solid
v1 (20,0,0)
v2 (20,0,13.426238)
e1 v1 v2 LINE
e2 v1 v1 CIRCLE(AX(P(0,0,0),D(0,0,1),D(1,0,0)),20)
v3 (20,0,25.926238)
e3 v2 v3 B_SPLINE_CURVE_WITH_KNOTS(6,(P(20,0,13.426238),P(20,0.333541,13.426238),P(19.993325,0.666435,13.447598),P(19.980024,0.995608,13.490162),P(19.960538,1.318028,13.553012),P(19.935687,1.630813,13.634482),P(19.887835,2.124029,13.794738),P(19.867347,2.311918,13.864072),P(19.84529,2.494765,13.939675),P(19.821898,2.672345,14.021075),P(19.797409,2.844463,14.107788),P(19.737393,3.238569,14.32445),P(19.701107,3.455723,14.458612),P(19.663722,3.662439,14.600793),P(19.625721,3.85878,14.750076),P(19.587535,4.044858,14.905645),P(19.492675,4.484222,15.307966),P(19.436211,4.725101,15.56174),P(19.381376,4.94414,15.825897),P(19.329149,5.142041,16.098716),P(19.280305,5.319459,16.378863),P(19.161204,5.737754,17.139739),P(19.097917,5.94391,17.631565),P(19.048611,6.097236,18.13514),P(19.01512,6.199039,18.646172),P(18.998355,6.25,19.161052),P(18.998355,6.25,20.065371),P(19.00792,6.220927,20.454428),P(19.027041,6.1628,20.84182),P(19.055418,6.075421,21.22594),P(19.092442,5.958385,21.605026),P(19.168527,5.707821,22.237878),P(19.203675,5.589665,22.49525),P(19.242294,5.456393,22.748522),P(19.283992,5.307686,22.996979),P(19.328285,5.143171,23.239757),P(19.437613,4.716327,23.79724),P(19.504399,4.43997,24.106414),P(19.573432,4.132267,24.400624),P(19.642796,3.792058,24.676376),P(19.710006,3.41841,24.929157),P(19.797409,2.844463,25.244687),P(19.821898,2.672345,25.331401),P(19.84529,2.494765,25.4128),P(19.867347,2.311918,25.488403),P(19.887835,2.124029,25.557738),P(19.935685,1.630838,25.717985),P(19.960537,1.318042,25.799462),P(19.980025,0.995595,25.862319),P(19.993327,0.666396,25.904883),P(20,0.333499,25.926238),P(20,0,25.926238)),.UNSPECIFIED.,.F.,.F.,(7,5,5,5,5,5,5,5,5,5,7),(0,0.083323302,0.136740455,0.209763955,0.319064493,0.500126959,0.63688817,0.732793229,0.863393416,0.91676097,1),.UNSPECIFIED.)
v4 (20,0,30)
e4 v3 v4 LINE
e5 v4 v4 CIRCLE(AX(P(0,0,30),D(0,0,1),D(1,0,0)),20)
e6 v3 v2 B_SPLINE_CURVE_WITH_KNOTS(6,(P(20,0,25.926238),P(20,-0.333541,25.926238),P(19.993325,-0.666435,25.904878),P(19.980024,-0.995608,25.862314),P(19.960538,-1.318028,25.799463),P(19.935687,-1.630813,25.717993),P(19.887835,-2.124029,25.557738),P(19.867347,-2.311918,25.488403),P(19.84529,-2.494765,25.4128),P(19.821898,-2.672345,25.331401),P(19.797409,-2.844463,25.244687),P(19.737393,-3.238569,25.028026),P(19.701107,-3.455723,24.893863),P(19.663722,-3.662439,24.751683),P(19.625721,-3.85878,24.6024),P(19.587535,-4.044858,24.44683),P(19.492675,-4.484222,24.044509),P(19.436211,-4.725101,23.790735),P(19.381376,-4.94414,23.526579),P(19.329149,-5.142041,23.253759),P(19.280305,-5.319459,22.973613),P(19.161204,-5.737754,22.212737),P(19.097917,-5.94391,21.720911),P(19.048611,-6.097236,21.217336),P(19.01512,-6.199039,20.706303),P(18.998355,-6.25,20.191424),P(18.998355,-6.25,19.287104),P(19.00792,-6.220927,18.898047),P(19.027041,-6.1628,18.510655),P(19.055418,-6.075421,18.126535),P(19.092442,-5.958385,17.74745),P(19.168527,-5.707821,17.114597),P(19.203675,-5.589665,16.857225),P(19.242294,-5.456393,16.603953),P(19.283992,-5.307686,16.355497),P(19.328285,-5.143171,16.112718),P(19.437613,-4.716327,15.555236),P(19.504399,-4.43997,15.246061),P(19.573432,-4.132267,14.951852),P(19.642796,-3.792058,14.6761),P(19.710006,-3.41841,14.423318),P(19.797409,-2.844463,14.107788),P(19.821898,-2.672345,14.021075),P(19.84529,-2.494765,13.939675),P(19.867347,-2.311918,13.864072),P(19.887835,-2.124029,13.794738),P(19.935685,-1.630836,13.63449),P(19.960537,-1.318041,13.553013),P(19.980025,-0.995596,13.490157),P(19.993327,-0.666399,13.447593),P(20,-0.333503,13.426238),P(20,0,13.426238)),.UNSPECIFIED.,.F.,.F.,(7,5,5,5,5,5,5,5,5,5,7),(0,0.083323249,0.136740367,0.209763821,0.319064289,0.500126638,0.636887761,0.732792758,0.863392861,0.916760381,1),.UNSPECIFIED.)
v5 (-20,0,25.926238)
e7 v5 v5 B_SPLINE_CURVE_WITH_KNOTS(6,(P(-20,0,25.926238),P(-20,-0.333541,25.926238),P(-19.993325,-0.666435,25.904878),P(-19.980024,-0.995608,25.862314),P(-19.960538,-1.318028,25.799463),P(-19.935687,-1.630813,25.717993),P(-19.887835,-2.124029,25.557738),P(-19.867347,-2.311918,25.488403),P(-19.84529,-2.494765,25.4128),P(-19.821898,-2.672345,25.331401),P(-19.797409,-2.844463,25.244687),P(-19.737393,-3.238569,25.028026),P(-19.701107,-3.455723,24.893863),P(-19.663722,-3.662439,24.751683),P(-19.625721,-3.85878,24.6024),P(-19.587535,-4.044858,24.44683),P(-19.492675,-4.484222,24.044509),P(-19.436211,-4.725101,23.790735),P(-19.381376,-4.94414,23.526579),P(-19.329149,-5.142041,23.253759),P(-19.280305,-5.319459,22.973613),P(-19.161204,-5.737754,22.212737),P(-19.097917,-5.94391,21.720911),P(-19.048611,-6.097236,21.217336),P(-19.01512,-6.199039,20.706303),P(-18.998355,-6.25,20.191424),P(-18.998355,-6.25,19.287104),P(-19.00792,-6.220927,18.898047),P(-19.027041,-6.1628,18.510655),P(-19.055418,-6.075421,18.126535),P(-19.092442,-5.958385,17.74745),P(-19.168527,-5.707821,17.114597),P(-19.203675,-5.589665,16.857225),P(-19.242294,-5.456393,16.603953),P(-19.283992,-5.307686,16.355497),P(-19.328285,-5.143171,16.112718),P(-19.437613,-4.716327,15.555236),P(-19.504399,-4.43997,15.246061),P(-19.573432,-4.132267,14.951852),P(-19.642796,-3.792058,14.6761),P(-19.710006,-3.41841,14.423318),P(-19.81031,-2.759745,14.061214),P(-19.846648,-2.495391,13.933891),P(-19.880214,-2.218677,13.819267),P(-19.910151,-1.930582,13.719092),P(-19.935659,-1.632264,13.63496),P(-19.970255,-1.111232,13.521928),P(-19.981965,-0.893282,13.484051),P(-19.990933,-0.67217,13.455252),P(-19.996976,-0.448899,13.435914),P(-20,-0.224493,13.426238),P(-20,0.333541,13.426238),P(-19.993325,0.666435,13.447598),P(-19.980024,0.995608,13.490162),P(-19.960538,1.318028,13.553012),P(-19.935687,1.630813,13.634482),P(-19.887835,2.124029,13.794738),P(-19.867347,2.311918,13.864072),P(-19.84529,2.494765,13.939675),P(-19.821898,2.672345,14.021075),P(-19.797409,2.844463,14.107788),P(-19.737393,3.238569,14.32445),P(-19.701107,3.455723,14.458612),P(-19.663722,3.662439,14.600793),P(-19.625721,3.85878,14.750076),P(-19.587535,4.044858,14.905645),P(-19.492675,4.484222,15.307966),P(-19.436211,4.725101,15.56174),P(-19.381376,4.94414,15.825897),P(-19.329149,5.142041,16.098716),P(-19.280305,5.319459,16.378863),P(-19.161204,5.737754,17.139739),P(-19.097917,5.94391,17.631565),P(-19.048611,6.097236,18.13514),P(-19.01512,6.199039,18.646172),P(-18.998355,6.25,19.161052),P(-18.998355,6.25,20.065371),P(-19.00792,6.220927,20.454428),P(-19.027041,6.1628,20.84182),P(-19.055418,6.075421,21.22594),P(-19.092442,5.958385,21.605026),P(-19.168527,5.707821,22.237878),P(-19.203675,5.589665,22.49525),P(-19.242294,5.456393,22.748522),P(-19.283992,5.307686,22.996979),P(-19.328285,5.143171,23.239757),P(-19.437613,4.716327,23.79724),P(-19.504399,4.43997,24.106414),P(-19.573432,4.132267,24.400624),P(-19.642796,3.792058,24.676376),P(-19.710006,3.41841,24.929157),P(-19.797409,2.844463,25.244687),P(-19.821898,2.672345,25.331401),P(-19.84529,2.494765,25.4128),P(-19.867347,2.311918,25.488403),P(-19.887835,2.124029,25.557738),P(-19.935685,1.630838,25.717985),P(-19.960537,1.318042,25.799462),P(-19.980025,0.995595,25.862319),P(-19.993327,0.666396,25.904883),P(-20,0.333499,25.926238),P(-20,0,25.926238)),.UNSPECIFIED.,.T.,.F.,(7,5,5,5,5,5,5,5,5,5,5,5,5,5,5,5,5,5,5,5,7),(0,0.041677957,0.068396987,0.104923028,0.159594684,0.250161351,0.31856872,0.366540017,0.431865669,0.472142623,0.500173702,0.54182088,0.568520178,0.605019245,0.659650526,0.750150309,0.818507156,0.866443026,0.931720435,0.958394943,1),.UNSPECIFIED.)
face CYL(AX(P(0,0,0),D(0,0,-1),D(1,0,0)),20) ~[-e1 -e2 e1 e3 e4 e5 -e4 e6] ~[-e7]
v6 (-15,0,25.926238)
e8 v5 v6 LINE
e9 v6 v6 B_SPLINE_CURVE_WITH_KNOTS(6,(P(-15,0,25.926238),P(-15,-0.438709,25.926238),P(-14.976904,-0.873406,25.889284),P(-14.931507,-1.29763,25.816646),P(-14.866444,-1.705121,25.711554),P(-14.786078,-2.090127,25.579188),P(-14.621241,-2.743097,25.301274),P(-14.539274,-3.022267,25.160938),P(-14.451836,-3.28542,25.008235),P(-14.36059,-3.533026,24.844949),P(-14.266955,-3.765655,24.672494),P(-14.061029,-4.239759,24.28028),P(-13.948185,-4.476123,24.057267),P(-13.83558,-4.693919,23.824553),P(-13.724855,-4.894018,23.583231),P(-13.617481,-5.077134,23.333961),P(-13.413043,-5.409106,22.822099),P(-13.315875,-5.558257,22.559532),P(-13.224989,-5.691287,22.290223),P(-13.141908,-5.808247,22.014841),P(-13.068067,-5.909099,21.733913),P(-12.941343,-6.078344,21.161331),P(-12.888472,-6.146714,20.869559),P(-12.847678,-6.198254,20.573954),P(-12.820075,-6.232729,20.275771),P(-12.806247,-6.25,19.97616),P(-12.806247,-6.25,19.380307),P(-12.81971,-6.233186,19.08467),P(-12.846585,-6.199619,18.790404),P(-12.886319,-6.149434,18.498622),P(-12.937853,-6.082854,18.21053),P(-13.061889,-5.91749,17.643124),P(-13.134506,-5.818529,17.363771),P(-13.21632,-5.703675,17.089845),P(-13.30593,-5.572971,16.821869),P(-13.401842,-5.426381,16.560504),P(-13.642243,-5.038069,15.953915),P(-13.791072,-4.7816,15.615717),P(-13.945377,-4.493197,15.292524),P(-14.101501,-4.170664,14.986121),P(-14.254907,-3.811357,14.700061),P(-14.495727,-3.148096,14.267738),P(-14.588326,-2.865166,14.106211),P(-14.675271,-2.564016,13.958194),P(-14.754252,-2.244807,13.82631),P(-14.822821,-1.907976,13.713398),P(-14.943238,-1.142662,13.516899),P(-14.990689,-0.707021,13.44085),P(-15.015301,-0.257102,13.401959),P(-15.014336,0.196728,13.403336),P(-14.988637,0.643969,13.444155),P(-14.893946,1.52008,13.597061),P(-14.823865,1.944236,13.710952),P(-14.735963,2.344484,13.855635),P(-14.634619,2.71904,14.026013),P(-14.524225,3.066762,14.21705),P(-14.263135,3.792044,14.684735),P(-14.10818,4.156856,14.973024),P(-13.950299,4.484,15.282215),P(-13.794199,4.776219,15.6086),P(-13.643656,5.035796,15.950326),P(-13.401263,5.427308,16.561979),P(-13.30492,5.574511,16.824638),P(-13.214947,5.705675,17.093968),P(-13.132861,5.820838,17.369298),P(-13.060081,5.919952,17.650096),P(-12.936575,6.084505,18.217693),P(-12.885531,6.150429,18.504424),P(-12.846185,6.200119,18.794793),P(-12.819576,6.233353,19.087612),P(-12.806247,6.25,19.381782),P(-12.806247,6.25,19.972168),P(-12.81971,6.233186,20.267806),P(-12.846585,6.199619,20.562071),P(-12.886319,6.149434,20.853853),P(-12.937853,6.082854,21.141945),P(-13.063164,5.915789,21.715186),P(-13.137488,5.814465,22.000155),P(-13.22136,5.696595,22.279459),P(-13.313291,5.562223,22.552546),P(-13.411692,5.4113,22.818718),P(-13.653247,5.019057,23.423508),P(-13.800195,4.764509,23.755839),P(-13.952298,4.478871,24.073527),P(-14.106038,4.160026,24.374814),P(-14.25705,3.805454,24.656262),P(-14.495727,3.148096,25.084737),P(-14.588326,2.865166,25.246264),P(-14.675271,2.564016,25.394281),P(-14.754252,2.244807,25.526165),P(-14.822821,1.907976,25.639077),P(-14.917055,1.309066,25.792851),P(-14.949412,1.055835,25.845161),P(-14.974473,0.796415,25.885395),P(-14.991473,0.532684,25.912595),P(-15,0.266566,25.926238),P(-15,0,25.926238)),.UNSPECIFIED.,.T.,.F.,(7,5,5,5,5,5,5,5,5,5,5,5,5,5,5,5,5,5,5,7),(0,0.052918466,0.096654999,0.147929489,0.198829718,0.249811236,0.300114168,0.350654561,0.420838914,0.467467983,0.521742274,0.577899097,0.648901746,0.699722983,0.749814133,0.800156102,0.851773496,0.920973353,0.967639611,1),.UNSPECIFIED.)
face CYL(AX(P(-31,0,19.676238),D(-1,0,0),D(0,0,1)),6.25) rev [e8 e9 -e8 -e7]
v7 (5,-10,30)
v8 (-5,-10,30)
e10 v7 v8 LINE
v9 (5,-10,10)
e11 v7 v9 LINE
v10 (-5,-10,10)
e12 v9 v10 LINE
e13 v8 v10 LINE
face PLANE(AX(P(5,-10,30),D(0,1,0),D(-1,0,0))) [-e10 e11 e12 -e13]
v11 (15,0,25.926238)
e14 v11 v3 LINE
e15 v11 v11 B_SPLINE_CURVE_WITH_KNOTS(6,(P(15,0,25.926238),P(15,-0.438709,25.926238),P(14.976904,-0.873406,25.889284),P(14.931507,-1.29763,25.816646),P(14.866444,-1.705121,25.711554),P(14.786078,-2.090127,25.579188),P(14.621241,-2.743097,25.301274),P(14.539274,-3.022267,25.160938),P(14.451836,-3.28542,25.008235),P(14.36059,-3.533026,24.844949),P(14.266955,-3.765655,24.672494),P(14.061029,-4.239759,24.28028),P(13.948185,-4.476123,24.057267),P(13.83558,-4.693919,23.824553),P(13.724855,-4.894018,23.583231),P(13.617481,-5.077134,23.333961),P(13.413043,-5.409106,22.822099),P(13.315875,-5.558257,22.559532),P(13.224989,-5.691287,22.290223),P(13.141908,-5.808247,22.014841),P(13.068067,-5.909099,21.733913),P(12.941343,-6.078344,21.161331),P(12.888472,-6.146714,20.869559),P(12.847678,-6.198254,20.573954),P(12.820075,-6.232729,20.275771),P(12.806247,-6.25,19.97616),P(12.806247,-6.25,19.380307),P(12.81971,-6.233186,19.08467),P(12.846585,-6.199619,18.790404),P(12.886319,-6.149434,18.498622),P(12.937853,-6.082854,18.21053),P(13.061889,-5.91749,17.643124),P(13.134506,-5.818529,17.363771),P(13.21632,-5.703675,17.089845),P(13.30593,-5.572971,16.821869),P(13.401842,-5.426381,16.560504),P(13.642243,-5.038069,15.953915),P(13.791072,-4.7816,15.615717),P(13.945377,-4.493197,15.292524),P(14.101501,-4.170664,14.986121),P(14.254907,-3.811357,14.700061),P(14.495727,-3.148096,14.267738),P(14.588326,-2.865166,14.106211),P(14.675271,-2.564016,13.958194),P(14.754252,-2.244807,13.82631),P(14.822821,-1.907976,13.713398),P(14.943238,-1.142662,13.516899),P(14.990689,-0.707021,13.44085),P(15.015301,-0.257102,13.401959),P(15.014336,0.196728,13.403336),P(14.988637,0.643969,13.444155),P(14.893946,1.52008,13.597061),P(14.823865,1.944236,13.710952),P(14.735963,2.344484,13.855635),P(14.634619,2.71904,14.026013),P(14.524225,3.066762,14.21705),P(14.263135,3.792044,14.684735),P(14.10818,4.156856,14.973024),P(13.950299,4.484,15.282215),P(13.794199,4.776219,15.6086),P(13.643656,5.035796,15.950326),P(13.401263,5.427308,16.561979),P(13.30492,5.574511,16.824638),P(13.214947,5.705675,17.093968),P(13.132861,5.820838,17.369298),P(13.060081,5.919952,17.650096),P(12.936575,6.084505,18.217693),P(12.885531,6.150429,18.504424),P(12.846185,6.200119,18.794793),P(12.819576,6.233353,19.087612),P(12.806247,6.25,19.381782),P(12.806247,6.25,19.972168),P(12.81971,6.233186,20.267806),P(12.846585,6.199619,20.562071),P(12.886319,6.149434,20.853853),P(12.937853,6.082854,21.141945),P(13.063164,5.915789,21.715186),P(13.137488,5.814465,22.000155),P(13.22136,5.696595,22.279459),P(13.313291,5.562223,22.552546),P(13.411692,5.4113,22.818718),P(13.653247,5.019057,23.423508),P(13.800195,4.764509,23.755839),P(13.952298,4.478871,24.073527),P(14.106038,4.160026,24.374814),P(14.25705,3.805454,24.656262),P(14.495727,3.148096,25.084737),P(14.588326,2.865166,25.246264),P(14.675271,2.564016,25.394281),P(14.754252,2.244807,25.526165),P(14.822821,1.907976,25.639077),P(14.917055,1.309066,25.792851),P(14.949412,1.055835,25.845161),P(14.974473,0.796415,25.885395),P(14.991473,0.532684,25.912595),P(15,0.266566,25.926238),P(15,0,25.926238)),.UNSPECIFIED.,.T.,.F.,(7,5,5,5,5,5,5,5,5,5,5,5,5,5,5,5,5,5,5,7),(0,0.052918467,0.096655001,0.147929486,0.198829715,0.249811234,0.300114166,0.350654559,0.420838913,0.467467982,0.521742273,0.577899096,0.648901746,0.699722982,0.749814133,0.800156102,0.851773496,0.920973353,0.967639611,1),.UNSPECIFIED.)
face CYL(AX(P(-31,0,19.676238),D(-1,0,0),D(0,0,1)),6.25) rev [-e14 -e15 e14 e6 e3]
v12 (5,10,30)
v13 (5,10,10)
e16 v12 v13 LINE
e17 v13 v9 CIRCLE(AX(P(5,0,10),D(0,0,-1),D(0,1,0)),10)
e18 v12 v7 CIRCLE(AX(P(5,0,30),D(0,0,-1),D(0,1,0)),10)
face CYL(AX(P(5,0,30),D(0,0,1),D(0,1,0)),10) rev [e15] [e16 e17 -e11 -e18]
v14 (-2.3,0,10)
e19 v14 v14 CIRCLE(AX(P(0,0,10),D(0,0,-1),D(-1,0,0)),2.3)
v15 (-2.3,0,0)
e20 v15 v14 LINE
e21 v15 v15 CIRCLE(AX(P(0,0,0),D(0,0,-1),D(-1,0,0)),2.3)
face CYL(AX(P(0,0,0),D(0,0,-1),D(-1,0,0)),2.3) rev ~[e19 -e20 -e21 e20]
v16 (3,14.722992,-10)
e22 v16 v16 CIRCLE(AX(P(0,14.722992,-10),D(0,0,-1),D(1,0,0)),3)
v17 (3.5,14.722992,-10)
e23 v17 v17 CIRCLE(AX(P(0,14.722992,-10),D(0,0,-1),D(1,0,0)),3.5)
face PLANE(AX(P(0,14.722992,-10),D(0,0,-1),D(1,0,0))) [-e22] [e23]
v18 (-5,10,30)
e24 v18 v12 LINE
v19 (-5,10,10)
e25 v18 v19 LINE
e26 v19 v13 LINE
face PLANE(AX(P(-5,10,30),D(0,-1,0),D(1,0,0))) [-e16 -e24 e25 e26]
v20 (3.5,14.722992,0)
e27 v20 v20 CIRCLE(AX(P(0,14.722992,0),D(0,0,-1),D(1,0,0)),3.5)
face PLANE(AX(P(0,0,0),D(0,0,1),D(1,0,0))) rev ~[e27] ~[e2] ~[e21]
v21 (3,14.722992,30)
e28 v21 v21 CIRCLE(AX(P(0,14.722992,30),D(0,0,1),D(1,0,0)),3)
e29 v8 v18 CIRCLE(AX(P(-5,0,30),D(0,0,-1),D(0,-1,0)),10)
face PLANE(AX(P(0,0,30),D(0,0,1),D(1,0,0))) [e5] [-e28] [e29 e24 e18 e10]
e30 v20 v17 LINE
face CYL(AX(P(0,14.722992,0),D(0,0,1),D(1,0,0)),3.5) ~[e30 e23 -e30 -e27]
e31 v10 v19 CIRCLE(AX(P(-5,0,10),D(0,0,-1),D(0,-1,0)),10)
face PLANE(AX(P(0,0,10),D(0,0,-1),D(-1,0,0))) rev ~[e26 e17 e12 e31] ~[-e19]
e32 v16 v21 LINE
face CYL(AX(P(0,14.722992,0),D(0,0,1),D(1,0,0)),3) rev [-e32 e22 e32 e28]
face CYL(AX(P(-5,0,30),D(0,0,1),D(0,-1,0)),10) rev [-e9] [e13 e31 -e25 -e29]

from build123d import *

# Parameters (mm, degrees)
SKETCH1_R               = 20
BOSS_EXTRUDE1_DEPTH     = 30
CUT_EXTRUDE1_DEPTH      = 20
SKETCH3_R               = 3
CUT_EXTRUDE2_DEPTH      = 35
CUT_EXTRUDE3_DEPTH      = 28
CUT_EXTRUDE3_DEPTH_BACK = 31
SKETCH4_R               = 6.25
SKETCH5_R               = 2.3
CUT_EXTRUDE4_DEPTH      = 30
SKETCH9_R               = 3.5
BOSS_EXTRUDE4_DEPTH     = 10
CUT_EXTRUDE6_START      = -10
SKETCH11_R              = 3
CUT_EXTRUDE6_DEPTH      = 10


with BuildPart() as part:
    # Sketch1 → Boss-Extrude1 (new body)
    with BuildSketch(Plane.XY):
        Circle(SKETCH1_R)
    extrude(amount=BOSS_EXTRUDE1_DEPTH)

    # Sketch2 → Cut-Extrude1 (cut)
    with BuildSketch(Plane.XY.offset(30)):
        with BuildLine():
            Line((-5, 10), (5, 10))
            ThreePointArc((5, 10), (15, 0), (5, -10))
            Line((5, -10), (-5, -10))
            ThreePointArc((-5, -10), (-15, 0), (-5, 10))
        make_face()
    extrude(amount=-CUT_EXTRUDE1_DEPTH, mode=Mode.SUBTRACT)

    # Sketch3 → Cut-Extrude2 (cut)
    with BuildSketch(Plane.XY.offset(30)):
        with Locations((0, 14.722991755)):
            Circle(SKETCH3_R)
    extrude(amount=-CUT_EXTRUDE2_DEPTH, mode=Mode.SUBTRACT)

    # Sketch4 → Cut-Extrude3 (cut, two sides: drawn at the far end of the back side and taken through both)
    with BuildSketch(Plane(origin=(0, 0, 0), x_dir=(0, 0, -1), z_dir=(1, 0, 0)).offset(-CUT_EXTRUDE3_DEPTH_BACK)):
        with Locations(Location((-19.676237733, 0, 0), (0, 0, 180))):
            Circle(SKETCH4_R)
    extrude(amount=CUT_EXTRUDE3_DEPTH + CUT_EXTRUDE3_DEPTH_BACK, mode=Mode.SUBTRACT)

    # Sketch5 → Cut-Extrude4 (cut)
    with BuildSketch(Plane(origin=(0, 0, 0), x_dir=(-1, 0, 0), z_dir=(0, 0, -1))):
        Circle(SKETCH5_R)
    extrude(amount=-CUT_EXTRUDE4_DEPTH, mode=Mode.SUBTRACT)

    # Sketch9 → Boss-Extrude4 (add)
    with BuildSketch(Plane(origin=(0, 0, 0), x_dir=(-1, 0, 0), z_dir=(0, 0, -1))):
        with Locations(Location((0, 14.722991755, 0), (0, 0, 180))):
            Circle(SKETCH9_R)
    extrude(amount=BOSS_EXTRUDE4_DEPTH)

    # Sketch11 → Cut-Extrude6 (cut)
    with BuildSketch(Plane(origin=(0, 0, -10), x_dir=(-1, 0, 0), z_dir=(0, 0, -1)).offset(CUT_EXTRUDE6_START)):
        with Locations(Location((0, 14.722991755, 0), (0, 0, 180))):
            Circle(SKETCH11_R)
    extrude(amount=CUT_EXTRUDE6_DEPTH, mode=Mode.SUBTRACT)


solid = part.part
